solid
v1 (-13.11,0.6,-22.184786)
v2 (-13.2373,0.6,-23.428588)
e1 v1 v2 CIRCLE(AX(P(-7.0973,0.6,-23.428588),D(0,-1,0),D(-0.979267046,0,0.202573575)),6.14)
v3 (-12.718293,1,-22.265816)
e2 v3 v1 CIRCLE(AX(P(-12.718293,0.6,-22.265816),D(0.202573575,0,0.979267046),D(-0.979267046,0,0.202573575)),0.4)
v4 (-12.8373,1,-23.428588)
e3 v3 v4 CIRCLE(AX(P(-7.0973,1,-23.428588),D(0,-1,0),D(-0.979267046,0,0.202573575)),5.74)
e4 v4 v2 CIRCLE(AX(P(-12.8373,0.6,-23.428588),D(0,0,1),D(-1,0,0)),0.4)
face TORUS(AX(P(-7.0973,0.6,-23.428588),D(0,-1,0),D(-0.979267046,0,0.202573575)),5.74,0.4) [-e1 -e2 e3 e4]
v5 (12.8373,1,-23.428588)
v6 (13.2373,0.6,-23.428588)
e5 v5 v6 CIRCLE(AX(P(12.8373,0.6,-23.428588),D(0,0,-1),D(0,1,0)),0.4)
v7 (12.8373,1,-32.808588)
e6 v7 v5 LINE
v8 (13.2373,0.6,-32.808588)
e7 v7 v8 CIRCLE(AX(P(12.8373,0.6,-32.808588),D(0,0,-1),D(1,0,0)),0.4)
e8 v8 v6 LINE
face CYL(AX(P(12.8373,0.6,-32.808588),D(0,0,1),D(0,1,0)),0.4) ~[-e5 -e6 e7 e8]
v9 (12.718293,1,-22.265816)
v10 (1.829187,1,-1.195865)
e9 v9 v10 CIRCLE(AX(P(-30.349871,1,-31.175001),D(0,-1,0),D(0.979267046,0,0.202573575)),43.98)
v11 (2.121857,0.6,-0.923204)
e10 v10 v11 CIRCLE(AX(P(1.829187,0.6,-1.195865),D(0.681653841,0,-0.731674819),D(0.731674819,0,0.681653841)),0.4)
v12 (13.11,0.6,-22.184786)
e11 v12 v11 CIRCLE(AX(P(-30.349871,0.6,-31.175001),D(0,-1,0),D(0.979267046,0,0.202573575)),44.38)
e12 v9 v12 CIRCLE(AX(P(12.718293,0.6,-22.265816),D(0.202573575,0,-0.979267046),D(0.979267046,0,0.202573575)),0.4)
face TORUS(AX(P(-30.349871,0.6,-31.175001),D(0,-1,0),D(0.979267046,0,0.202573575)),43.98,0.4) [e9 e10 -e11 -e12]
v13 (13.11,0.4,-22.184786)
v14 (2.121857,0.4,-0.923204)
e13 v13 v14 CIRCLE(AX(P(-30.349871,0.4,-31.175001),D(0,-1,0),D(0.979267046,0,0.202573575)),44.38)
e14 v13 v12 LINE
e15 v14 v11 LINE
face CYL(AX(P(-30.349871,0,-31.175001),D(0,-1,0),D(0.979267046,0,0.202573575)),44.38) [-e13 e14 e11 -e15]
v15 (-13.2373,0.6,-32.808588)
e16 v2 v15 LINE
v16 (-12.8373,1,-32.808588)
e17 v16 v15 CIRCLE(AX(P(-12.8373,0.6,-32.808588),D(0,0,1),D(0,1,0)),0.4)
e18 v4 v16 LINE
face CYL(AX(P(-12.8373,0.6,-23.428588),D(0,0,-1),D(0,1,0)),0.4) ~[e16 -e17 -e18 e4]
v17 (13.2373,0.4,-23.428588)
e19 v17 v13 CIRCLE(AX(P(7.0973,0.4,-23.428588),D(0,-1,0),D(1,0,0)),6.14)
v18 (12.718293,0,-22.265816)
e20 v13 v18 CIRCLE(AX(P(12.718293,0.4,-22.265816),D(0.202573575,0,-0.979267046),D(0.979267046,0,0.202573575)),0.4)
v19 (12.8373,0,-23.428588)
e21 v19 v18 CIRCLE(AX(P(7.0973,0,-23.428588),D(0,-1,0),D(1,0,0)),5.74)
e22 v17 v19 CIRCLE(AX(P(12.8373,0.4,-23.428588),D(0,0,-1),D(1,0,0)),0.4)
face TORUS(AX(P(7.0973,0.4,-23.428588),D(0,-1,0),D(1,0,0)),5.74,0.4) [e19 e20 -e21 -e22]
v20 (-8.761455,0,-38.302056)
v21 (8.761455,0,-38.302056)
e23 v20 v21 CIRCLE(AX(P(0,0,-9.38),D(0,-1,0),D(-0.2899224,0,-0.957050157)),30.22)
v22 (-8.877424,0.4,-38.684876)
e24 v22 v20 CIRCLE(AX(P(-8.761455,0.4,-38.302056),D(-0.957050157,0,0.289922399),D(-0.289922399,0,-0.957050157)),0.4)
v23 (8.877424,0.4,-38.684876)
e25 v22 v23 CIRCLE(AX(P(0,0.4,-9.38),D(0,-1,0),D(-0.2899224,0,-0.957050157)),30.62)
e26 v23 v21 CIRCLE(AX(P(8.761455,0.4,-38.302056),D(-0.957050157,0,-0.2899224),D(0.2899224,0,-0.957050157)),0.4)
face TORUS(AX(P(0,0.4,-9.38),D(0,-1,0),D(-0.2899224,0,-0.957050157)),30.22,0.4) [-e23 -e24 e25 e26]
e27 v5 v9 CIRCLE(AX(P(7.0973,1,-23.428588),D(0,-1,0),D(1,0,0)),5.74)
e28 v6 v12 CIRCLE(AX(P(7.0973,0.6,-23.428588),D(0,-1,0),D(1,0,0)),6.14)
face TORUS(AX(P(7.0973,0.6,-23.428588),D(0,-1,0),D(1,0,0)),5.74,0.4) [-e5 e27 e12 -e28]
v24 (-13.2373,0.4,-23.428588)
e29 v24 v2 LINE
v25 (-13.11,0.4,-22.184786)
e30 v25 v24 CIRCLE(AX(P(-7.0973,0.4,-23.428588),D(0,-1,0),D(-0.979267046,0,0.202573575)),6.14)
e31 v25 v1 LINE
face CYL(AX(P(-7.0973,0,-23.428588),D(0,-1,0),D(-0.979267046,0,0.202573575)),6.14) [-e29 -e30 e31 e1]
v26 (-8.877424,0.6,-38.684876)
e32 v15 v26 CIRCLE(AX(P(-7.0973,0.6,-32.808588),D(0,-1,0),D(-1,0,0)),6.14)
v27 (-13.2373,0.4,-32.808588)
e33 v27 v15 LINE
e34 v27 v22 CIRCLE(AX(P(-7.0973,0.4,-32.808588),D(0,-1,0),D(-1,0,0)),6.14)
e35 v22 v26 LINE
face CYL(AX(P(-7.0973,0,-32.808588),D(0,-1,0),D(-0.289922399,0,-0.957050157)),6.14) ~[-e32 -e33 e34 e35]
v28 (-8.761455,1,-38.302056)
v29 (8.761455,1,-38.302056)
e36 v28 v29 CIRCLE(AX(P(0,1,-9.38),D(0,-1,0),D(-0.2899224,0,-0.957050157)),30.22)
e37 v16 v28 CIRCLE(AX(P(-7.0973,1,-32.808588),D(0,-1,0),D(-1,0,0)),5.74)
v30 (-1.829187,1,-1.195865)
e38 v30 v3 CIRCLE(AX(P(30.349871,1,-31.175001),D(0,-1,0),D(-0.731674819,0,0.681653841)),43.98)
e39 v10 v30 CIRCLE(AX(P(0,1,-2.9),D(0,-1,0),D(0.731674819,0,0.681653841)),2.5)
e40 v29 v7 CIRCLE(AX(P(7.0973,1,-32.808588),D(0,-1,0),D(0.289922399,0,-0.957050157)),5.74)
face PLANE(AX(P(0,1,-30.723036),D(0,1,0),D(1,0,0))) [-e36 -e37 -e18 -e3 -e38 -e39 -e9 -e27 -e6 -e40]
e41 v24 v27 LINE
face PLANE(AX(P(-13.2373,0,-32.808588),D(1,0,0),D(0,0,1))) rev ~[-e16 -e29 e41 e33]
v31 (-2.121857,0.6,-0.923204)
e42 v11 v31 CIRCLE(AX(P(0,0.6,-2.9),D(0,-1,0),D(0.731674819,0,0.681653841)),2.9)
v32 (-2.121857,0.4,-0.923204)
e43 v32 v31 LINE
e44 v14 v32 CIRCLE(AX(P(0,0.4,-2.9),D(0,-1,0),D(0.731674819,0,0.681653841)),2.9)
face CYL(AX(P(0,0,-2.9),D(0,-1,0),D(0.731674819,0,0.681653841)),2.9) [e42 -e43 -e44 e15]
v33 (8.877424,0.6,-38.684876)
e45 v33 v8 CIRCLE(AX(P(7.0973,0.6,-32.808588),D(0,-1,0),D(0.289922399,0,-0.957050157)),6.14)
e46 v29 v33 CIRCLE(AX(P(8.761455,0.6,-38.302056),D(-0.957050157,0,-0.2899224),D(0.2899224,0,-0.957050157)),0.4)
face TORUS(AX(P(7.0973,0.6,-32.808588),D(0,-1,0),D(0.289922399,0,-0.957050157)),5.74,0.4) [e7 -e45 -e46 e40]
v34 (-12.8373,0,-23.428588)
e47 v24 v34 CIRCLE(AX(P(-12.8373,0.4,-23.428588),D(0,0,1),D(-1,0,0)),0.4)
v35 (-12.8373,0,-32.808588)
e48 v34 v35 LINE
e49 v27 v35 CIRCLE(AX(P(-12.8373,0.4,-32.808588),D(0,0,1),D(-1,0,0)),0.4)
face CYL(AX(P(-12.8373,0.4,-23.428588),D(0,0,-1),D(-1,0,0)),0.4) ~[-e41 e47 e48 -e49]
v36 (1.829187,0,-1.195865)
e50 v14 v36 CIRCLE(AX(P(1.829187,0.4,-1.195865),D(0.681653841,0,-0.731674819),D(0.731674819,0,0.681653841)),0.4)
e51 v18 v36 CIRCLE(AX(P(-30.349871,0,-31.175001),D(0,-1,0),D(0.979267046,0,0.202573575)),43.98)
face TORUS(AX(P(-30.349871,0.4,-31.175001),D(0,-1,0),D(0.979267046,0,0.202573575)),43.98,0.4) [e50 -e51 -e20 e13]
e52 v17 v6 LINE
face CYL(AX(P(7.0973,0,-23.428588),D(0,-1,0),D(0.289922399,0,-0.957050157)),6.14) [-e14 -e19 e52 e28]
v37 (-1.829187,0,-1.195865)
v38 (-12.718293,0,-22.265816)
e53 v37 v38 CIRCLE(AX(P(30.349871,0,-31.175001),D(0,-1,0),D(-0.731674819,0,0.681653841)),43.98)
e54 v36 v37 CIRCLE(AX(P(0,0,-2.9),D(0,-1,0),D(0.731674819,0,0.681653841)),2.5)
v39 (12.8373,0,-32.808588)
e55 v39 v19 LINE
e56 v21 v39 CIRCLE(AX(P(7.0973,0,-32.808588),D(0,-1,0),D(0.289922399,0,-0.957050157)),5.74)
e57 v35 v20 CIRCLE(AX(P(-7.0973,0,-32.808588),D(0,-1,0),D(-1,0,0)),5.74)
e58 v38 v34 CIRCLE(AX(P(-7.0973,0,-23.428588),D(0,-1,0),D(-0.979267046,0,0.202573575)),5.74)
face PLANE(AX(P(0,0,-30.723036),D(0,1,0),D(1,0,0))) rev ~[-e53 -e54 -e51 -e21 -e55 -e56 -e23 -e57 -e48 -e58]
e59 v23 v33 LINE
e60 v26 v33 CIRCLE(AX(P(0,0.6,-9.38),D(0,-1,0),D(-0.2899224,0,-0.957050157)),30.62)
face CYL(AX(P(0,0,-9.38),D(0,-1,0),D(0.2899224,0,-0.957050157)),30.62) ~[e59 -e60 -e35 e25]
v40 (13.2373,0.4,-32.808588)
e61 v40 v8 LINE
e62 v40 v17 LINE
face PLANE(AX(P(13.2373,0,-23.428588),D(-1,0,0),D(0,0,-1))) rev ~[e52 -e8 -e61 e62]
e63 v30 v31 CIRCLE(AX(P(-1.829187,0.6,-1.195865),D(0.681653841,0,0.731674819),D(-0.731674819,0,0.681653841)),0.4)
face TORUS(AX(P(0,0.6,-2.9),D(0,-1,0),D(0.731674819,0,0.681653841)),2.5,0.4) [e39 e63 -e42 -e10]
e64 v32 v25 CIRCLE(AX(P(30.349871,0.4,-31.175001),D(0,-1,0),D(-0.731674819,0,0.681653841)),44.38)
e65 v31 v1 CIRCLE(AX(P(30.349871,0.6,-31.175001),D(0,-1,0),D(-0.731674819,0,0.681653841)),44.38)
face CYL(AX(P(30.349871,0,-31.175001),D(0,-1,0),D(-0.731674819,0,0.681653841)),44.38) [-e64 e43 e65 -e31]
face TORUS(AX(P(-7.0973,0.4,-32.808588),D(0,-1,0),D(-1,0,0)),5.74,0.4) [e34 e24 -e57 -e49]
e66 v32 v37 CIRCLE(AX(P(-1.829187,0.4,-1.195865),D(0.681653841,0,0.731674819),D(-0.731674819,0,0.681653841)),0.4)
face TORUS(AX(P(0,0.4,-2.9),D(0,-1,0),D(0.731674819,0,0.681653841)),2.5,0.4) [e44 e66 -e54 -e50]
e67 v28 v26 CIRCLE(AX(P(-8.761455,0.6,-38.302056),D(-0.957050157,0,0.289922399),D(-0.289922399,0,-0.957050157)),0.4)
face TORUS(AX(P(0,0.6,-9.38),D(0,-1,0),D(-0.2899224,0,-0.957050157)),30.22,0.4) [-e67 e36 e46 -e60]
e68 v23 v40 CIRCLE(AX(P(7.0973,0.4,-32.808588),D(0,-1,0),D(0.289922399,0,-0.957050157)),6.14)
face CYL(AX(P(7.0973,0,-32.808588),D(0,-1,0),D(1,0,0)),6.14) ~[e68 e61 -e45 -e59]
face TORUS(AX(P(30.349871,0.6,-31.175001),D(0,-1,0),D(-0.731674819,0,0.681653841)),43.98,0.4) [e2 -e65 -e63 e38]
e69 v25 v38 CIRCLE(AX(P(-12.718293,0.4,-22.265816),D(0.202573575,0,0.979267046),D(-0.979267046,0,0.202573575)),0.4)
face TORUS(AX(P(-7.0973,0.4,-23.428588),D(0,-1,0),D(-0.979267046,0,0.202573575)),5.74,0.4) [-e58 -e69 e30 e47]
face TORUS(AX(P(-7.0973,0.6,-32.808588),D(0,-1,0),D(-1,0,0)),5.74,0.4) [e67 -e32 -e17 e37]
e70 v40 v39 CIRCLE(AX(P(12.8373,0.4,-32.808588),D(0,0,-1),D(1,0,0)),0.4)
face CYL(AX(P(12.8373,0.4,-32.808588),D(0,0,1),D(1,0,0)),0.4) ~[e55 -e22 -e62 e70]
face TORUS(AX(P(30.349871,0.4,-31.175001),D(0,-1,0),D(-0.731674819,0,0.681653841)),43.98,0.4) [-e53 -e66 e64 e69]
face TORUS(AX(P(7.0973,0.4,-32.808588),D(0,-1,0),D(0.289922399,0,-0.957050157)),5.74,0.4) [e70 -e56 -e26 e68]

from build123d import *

# Parameters (mm, degrees)
BOSS_EXTRUDE1_DEPTH = 1
BOSS_EXTRUDE2_DEPTH = 1
FILLET1_R           = 0.4


with BuildPart() as part:
    # Sketch1 → Boss-Extrude1 (new body)
    with BuildSketch(Plane(origin=(0, 0, 0), x_dir=(1, 0, 0), z_dir=(0, 1, 0))):
        with BuildLine():
            ThreePointArc((-8.877423872, 29.304875795), (0, 30.62), (8.877423872, 29.304875795))
            ThreePointArc((8.877423872, 29.304875795), (12.375173273, 26.566048159), (13.11, 22.184786084))
            ThreePointArc((13.11, 22.184786084), (9.076207285, 10.799312083), (2.121856975, 0.92320386))
            ThreePointArc((2.121856975, 0.92320386), (0, 0), (-2.121856975, 0.92320386))
            ThreePointArc((-2.121856975, 0.92320386), (-9.076207285, 10.799312083), (-13.11, 22.184786084))
            ThreePointArc((-13.11, 22.184786084), (-12.375173273, 26.566048159), (-8.877423872, 29.304875795))
        make_face()
    extrude(amount=BOSS_EXTRUDE1_DEPTH)

    # Sketch2 → Boss-Extrude2 (add)
    with BuildSketch(Plane(origin=(0, 0, 0), x_dir=(1, 0, 0), z_dir=(0, 1, 0))):
        with BuildLine():
            Line((-13.23730034, 32.808587834), (-13.23730034, 23.428587834))
            Line((-13.23730034, 23.428587834), (13.23730034, 23.428587834))
            Line((13.23730034, 23.428587834), (13.23730034, 32.808587834))
            ThreePointArc((13.23730034, 32.808587834), (12.02830219, 36.467114963), (8.877423872, 38.684875795))
            ThreePointArc((8.877423872, 38.684875795), (0, 40), (-8.877423872, 38.684875795))
            ThreePointArc((-8.877423872, 38.684875795), (-12.02830219, 36.467114963), (-13.23730034, 32.808587834))
        make_face()
    extrude(amount=BOSS_EXTRUDE2_DEPTH)

    # Fillet1
    fillet1_edges = [part.edges().sort_by_distance(p)[0] for p in [
        (0, 1, 0),
        (9.076207285, 1, -10.799312083),
        (-13.205392346, 0, -22.803438218),
        (-13.205392346, 1, -22.803438218),
        (13.205392346, 1, -22.803438218),
        (-12.02830219, 0, -36.467114963),
        (-13.23730034, 0, -28.118587834),
        (13.23730034, 1, -28.118587834),
        (12.02830219, 0, -36.467114963),
        (0, 1, -40),
        (12.02830219, 1, -36.467114963),
        (-12.02830219, 1, -36.467114963),
        (-13.23730034, 1, -28.118587834),
        (0, 0, -40),
        (13.23730034, 0, -28.118587834),
        (13.205392346, 0, -22.803438218),
        (9.076207285, 0, -10.799312083),
        (0, 0, 0),
        (-9.076207285, 0, -10.799312083),
        (-9.076207285, 1, -10.799312083),
    ]]
    fillet(fillet1_edges, radius=FILLET1_R)


solid = part.part
